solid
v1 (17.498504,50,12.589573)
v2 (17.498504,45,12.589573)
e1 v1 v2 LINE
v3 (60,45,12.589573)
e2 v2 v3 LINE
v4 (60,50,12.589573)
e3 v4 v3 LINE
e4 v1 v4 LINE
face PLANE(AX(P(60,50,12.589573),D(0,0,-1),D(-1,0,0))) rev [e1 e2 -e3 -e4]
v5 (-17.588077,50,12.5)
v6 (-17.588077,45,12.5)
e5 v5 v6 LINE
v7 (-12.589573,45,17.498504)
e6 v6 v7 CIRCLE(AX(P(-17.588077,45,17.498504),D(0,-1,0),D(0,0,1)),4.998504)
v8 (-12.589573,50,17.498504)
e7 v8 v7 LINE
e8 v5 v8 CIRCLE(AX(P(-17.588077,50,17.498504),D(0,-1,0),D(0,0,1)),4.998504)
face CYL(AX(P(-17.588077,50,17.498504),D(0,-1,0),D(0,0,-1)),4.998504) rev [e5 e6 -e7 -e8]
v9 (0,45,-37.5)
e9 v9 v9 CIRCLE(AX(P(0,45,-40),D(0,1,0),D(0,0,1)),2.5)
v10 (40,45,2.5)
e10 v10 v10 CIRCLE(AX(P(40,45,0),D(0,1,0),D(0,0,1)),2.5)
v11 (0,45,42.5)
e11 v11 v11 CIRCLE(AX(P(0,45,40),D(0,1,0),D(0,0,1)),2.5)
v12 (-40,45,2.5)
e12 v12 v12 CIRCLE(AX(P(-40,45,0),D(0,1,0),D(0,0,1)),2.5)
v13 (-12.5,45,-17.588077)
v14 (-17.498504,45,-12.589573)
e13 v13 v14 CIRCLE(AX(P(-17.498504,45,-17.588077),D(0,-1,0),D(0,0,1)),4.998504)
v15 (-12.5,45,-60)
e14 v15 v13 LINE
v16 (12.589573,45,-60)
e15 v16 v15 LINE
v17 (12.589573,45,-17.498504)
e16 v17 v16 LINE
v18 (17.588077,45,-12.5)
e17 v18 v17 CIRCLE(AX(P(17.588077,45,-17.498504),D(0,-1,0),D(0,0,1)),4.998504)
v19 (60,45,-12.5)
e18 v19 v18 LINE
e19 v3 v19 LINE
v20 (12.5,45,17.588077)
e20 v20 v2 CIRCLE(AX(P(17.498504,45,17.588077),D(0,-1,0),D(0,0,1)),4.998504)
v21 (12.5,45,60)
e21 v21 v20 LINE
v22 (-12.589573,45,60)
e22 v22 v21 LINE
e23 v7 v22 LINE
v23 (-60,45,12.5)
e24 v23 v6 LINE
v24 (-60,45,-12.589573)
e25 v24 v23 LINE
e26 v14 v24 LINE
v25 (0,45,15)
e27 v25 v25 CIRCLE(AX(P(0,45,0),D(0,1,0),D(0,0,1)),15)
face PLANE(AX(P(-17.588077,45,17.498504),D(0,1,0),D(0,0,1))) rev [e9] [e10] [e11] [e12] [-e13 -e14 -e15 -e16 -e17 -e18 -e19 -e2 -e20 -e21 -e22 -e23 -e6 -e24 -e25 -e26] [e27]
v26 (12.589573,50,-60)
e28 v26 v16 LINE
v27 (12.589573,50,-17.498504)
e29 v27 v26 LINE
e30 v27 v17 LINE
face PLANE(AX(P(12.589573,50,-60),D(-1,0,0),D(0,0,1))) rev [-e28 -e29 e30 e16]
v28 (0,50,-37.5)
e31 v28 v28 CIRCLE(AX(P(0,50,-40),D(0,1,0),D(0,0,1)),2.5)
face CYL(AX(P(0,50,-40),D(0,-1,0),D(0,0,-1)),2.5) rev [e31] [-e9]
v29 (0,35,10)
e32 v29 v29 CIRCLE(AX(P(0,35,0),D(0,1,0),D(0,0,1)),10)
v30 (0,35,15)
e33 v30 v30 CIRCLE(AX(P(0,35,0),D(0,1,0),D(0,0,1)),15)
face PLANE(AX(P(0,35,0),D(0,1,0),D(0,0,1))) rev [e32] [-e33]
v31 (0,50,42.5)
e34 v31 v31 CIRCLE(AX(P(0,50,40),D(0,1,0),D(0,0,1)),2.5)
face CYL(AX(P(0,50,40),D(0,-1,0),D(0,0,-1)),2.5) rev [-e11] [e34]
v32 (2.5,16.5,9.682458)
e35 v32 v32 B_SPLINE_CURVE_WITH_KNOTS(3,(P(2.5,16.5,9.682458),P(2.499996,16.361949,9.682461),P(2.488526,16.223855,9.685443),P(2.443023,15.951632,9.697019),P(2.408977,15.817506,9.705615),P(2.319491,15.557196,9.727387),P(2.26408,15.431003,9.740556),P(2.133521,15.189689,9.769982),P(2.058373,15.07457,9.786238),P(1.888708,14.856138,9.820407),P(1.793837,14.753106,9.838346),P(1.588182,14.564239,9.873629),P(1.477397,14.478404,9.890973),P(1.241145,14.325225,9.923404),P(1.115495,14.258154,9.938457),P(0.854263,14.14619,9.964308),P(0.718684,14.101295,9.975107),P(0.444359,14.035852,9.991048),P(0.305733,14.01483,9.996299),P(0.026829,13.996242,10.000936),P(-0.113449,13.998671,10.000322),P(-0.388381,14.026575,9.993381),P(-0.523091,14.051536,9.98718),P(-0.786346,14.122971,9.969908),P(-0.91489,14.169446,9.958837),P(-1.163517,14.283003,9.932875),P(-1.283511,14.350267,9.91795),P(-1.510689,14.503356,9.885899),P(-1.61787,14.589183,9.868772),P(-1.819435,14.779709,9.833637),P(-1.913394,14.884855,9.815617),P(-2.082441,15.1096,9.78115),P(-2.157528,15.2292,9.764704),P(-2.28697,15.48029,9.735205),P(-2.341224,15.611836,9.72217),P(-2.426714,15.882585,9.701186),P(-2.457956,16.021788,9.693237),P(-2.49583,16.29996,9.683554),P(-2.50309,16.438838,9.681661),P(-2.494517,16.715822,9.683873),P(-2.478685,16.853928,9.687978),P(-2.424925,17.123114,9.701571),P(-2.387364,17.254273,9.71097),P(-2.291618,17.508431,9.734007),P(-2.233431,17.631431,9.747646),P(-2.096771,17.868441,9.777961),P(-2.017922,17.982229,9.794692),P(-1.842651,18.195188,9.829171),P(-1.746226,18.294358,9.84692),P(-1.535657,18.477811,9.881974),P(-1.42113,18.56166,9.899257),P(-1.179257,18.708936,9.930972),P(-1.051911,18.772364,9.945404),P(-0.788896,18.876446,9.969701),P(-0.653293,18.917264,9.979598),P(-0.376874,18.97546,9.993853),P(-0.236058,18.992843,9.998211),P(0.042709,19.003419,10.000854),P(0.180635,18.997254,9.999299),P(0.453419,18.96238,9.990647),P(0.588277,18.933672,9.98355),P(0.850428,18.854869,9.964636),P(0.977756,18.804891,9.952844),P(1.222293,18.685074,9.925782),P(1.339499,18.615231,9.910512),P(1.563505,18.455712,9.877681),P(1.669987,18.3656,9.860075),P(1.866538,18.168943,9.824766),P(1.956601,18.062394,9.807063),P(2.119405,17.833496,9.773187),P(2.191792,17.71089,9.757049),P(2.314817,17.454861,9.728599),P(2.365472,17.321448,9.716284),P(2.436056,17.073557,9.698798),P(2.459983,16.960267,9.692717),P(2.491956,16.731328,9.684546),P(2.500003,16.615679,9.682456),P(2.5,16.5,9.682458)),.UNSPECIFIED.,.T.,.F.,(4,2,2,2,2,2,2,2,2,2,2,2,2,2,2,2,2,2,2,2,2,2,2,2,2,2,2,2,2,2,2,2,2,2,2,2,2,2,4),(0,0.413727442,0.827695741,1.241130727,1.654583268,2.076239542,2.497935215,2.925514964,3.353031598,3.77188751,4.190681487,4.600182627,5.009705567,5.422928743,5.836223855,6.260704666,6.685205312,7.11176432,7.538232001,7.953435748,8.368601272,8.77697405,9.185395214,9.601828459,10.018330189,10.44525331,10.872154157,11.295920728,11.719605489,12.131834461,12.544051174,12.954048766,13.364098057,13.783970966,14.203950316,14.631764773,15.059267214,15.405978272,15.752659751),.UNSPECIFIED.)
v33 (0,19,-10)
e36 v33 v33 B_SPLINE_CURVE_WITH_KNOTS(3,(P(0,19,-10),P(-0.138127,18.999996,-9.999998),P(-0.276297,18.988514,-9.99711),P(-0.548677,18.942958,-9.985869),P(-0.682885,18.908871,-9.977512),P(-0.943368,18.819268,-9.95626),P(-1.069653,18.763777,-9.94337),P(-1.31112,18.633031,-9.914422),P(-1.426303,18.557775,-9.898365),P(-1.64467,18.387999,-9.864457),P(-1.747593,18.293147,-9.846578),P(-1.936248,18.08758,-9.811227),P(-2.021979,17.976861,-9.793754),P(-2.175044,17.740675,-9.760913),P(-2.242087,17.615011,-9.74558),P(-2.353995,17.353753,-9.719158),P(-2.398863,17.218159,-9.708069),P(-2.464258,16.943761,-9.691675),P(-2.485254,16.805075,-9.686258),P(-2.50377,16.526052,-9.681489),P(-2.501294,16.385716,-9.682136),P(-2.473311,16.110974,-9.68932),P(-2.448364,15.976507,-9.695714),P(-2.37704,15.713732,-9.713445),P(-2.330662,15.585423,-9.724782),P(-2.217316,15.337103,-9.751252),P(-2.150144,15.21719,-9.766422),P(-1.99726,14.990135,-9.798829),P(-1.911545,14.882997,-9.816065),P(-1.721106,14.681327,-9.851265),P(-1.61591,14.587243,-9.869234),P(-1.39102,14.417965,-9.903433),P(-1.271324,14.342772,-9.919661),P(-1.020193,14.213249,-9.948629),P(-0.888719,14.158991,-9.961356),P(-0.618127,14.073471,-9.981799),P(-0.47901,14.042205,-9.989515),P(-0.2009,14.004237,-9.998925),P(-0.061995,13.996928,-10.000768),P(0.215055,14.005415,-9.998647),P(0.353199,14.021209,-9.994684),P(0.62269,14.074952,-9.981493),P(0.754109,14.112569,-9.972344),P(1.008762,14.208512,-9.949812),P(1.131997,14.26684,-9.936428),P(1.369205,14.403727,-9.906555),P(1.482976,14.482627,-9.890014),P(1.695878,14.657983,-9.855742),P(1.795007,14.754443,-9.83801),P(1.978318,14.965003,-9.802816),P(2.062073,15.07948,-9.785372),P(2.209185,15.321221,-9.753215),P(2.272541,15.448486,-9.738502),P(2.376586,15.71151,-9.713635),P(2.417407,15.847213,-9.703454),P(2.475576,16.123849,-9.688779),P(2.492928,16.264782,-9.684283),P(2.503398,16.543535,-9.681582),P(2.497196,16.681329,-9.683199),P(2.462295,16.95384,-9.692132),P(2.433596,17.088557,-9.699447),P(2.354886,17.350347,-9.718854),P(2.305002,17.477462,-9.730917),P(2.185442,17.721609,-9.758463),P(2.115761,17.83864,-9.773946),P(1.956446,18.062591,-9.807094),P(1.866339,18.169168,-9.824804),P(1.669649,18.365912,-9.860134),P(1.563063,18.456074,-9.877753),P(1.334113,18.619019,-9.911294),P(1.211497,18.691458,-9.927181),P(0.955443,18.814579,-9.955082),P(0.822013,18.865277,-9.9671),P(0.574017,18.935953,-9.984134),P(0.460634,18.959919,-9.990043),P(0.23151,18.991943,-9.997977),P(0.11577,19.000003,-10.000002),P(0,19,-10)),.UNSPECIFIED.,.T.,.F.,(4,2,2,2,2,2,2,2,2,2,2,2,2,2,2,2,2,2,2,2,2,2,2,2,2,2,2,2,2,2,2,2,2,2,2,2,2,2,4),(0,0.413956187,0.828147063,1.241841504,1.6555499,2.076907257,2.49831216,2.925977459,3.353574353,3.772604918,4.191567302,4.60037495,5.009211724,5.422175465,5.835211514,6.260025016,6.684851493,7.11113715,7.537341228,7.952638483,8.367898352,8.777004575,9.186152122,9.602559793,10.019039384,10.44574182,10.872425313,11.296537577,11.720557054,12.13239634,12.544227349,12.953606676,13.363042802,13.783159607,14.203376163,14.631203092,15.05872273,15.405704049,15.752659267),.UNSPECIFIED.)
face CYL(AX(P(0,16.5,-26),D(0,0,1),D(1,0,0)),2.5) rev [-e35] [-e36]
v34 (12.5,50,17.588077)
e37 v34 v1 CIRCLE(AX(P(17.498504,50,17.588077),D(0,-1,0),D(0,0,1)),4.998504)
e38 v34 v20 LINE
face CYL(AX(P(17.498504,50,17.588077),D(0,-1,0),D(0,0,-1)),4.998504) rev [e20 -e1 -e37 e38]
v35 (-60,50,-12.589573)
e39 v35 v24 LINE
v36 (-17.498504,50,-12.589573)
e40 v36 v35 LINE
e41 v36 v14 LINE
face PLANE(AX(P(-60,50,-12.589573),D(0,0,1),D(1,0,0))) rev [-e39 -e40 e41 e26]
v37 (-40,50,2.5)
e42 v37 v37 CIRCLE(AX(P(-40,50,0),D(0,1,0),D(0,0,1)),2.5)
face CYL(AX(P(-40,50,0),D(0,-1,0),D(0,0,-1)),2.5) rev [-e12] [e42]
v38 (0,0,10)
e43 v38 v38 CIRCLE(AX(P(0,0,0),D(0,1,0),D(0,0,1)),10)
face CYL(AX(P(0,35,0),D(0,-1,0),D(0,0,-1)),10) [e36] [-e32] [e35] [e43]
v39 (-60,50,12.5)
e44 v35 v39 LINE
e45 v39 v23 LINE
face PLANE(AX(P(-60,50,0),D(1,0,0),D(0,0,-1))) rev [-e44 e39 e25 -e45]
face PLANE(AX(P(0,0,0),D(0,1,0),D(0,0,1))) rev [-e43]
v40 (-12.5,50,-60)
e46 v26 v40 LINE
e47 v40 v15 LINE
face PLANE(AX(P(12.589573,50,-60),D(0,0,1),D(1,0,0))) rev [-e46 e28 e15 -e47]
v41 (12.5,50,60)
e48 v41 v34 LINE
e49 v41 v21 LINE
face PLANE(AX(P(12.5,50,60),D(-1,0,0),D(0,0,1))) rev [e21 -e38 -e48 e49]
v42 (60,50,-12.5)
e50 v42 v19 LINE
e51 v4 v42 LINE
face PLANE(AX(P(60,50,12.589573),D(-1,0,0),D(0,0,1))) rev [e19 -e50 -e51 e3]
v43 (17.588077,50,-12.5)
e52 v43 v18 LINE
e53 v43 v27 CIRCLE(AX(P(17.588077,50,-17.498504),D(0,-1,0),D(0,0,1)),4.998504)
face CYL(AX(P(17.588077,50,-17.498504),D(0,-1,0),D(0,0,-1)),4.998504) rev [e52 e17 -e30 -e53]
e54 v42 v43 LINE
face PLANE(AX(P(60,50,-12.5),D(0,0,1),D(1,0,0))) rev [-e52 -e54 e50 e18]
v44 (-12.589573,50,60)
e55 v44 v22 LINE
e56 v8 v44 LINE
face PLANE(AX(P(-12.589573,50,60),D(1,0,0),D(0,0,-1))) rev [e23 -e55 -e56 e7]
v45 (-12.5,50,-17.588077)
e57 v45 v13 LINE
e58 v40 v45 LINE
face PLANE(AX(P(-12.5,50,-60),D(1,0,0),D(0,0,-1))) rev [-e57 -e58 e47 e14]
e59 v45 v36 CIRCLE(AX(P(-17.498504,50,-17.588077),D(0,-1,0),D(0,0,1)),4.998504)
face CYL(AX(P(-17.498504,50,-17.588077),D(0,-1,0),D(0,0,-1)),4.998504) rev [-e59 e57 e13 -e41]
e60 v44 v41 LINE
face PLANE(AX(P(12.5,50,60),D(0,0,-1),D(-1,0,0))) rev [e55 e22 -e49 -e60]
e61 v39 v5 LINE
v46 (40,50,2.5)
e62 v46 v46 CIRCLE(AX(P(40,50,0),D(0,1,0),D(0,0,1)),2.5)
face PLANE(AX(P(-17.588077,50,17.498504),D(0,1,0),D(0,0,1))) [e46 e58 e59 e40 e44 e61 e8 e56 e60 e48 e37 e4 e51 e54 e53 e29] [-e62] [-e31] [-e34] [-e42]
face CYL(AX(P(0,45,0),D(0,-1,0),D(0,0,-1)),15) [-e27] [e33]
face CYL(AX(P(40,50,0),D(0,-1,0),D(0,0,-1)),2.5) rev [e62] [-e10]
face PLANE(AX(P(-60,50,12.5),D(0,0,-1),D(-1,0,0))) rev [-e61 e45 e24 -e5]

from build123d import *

# Parameters (mm, degrees)
SKETCH1_R               = 10
BOSS_EXTRUDE1_DEPTH     = 35
SKETCH2_R               = 15
BOSS_EXTRUDE2_DEPTH     = 10
SKETCH3_R               = 2.5
BOSS_EXTRUDE3_DEPTH     = 5
CUT_EXTRUDE1_DEPTH      = 50
CUT_EXTRUDE1_DEPTH_BACK = 26
SKETCH7_R               = 2.5


with BuildPart() as part:
    # Sketch1 → Boss-Extrude1 (new body)
    with BuildSketch(Plane(origin=(0, 0, 0), x_dir=(1, 0, 0), z_dir=(0, 1, 0))):
        with Locations(Location((0, 0, 0), (0, 0, 270))):
            Circle(SKETCH1_R)
    extrude(amount=BOSS_EXTRUDE1_DEPTH)

    # Sketch2 → Boss-Extrude2 (add)
    with BuildSketch(Plane(origin=(0, 35, 0), x_dir=(1, 0, 0), z_dir=(0, 1, 0))):
        with Locations(Location((0, 0, 0), (0, 0, 270))):
            Circle(SKETCH2_R)
    extrude(amount=BOSS_EXTRUDE2_DEPTH)

    # Sketch3 → Boss-Extrude3 (add)
    with BuildSketch(Plane(origin=(0, 45, 0), x_dir=(1, 0, 0), z_dir=(0, 1, 0))):
        with BuildLine():
            Line((-60, 0), (-60, 12.589573297))
            Line((-60, 12.589573297), (-17.498503567, 12.589573297))
            ThreePointArc((-17.498503567, 12.589573297), (-13.964027799, 14.053601095), (-12.5, 17.588076863))
            Line((-12.5, 17.588076863), (-12.5, 60))
            Line((-12.5, 60), (12.589573297, 60))
            Line((12.589573297, 60), (12.589573297, 17.498503567))
            ThreePointArc((12.589573297, 17.498503567), (14.053601095, 13.964027799), (17.588076863, 12.5))
            Line((17.588076863, 12.5), (60, 12.5))
            Line((60, 12.5), (60, -12.589573297))
            Line((60, -12.589573297), (17.498503567, -12.589573297))
            ThreePointArc((17.498503567, -12.589573297), (13.964027799, -14.053601095), (12.5, -17.588076863))
            Line((12.5, -17.588076863), (12.5, -60))
            Line((12.5, -60), (-12.589573297, -60))
            Line((-12.589573297, -60), (-12.589573297, -17.498503567))
            ThreePointArc((-12.589573297, -17.498503567), (-14.053601095, -13.964027799), (-17.588076863, -12.5))
            Line((-17.588076863, -12.5), (-60, -12.5))
            Line((-60, -12.5), (-60, 0))
        make_face()
        with Locations(Location((0, 40, 0), (0, 0, 270))):
            Circle(SKETCH3_R, mode=Mode.SUBTRACT)
        with Locations(Location((40, 0, 0), (0, 0, 270))):
            Circle(SKETCH3_R, mode=Mode.SUBTRACT)
        with Locations(Location((0, -40, 0), (0, 0, 270))):
            Circle(SKETCH3_R, mode=Mode.SUBTRACT)
        with Locations(Location((-40, 0, 0), (0, 0, 270))):
            Circle(SKETCH3_R, mode=Mode.SUBTRACT)
    extrude(amount=BOSS_EXTRUDE3_DEPTH)

    # Sketch7 → Cut-Extrude1 (cut, two sides: drawn at the far end of the back side and taken through both)
    with BuildSketch(Plane.XY.offset(-CUT_EXTRUDE1_DEPTH_BACK)):
        with Locations(Location((0, 16.5, 0), (0, 0, 90.000000004))):
            Circle(SKETCH7_R)
    extrude(amount=CUT_EXTRUDE1_DEPTH + CUT_EXTRUDE1_DEPTH_BACK, mode=Mode.SUBTRACT)


solid = part.part
